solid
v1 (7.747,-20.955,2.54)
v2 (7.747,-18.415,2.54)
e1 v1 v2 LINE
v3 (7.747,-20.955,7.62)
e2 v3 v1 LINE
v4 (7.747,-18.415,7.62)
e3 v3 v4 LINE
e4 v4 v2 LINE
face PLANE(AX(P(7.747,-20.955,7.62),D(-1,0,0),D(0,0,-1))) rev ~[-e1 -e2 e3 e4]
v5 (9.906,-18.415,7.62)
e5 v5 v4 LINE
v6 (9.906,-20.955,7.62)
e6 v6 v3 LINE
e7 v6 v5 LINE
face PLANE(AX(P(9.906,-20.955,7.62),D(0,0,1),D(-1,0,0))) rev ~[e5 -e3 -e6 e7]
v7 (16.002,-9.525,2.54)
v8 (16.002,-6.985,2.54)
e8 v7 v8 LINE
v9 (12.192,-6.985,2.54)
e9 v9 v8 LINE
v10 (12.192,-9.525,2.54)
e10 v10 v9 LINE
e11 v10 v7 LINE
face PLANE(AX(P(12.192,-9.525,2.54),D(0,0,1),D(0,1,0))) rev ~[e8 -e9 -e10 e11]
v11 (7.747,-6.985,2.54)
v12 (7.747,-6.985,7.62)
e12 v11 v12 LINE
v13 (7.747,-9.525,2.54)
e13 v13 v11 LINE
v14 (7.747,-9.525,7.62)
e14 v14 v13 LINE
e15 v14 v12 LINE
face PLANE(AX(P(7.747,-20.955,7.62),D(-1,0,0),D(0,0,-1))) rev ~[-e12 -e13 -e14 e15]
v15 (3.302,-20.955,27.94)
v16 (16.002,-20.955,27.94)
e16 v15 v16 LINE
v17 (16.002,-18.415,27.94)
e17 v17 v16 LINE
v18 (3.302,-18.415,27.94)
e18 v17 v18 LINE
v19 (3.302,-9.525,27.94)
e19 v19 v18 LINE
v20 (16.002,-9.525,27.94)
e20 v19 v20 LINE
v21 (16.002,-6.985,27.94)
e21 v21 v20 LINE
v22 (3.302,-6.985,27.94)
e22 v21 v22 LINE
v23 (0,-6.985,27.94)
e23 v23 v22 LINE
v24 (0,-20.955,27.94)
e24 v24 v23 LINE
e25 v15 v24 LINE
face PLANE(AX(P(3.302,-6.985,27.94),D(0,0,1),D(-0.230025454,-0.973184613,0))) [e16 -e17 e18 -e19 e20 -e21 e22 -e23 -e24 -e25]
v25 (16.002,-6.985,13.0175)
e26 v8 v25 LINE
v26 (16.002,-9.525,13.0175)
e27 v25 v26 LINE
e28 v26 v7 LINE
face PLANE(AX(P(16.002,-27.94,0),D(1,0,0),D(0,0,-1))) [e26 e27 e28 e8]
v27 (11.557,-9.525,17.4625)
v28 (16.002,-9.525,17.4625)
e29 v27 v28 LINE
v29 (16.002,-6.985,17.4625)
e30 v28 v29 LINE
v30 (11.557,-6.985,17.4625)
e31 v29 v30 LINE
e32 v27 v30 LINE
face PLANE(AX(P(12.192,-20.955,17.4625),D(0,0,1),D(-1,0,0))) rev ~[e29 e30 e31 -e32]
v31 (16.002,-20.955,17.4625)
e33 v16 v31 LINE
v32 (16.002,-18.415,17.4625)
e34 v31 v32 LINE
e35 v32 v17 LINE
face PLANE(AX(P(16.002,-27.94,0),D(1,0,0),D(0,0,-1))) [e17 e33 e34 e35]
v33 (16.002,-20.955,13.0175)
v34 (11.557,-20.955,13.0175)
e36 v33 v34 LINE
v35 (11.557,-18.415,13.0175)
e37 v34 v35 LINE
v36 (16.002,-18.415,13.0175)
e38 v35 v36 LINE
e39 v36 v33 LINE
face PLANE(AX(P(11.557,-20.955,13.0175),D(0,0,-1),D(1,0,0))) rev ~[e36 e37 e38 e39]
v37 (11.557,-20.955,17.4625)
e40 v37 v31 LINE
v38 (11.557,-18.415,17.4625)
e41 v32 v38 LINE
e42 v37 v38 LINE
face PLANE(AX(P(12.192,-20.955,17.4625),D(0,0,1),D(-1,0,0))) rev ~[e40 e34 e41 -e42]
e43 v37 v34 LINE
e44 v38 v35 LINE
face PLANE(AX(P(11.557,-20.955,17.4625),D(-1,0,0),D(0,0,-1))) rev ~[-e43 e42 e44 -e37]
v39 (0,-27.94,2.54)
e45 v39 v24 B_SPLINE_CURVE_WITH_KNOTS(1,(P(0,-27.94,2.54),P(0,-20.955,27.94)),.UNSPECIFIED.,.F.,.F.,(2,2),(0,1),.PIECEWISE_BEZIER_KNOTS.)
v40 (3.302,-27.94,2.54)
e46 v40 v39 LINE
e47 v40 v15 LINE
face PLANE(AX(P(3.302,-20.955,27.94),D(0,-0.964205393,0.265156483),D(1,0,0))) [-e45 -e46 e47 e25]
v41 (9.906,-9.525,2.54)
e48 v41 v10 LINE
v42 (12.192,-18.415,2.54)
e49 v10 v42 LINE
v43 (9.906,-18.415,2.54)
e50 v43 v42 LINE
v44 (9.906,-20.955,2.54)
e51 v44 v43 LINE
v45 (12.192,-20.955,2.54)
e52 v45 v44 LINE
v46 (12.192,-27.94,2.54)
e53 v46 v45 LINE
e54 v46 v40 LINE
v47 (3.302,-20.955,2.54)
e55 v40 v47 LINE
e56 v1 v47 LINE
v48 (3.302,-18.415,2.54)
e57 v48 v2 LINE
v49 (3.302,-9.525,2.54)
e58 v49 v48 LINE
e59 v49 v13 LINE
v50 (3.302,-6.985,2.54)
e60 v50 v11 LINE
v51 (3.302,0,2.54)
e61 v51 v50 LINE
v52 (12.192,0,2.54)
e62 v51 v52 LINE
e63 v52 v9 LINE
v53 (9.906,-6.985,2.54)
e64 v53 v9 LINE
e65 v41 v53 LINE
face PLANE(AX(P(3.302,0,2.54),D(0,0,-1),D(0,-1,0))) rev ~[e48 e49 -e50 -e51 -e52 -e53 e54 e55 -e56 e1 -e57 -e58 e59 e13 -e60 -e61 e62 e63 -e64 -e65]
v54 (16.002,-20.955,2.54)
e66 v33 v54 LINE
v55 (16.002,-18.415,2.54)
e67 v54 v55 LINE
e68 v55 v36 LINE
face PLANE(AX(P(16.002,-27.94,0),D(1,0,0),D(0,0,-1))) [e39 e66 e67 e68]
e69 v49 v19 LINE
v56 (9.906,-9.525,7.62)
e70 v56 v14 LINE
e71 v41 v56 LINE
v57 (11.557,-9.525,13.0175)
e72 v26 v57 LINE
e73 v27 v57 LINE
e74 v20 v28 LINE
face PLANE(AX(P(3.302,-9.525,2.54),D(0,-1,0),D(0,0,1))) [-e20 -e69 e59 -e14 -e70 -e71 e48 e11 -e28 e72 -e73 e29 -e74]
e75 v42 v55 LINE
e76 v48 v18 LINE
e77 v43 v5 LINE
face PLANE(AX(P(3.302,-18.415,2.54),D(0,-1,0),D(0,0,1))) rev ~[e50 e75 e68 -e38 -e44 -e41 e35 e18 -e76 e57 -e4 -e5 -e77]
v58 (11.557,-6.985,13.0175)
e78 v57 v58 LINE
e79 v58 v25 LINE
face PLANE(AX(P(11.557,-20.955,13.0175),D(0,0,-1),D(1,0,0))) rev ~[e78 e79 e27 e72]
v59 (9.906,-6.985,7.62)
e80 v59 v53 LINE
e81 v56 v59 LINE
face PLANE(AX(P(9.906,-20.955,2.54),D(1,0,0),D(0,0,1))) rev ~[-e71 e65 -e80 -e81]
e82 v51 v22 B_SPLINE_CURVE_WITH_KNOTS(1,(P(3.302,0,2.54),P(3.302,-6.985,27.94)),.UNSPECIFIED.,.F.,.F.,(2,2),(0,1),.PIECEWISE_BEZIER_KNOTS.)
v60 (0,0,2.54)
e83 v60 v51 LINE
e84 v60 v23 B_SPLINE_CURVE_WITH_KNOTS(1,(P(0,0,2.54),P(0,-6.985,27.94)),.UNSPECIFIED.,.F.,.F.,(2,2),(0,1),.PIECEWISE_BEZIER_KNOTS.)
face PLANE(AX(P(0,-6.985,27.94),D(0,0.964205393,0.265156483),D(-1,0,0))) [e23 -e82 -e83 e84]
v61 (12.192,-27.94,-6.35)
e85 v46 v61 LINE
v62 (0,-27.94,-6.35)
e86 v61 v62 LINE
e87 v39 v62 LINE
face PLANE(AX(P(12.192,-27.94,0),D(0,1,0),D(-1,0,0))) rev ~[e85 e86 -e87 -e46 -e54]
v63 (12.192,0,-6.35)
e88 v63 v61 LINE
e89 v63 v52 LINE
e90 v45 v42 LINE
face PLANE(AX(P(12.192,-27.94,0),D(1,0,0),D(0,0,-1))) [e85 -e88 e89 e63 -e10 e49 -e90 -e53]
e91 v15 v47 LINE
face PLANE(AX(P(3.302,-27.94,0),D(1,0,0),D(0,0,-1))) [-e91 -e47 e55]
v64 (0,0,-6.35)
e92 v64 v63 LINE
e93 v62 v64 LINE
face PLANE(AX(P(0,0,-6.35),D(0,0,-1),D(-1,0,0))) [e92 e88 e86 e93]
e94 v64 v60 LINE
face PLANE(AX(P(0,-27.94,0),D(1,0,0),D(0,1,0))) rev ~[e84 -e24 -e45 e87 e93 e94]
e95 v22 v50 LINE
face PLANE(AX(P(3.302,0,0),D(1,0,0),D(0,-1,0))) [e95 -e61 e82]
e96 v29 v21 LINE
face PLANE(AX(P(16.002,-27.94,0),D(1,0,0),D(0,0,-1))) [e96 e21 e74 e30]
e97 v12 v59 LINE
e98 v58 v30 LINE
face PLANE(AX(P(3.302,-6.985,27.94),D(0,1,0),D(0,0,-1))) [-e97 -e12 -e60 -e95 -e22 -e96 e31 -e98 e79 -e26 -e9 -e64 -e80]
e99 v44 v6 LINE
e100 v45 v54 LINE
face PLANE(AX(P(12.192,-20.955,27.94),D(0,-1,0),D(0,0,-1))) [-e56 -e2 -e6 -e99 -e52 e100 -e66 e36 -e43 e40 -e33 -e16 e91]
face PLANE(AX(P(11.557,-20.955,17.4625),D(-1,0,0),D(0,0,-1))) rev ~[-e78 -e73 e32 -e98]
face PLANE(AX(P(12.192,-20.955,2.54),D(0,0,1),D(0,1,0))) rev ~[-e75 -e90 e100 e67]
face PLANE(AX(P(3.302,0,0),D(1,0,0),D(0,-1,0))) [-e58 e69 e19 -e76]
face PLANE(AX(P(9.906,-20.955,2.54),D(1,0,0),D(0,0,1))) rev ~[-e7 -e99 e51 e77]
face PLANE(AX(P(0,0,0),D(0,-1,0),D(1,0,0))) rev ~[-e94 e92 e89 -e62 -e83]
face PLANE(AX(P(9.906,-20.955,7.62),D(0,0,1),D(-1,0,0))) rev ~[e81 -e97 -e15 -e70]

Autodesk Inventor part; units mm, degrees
ref_plane "YZ Plane" through (0, 0, 0) normal (1, 0, 0) x (0, 1, 0)
ref_plane "XZ Plane" through (0, 0, 0) normal (0, 1, 0) x (-1, 0, 0)
sketch "Sketch1" plane through (0, 0, 0) normal (0, 0, 1) x (1, 0, 0)
  line L0 (0, 0) -> (3.302, 0)
  line L1 (3.302, 0) -> (3.302, -27.94)
  line L2 (3.302, -27.94) -> (0, -27.94)
  line L3 (0, -27.94) -> (0, 0)
  dimension "d0" = 3.302
  dimension "d1" = 27.94
extrude "Extrusion1" add sketch "Sketch1" along normal blind 2.54
sketch "Sketch2" plane through (0, 0, 2.54) normal (0, 0, 1) x (1, 0, 0)
  line L0 (3.302, 0) -> (0, 0) projected
  line L1 (0, 0) -> (0, -27.94) projected
  line L2 (0, -27.94) -> (3.302, -27.94) projected
  line L3 (3.302, -27.94) -> (3.302, 0) projected
ref_plane "Work Plane1" through (0, 0, 27.94) normal (0, 0, 1) x (1, 0, 0)
sketch "Sketch3" plane through (0, 0, 27.94) normal (0, 0, 1) x (1, 0, 0)
  line L0 (0, -6.985) -> (3.302, -6.985)
  line L1 (3.302, -6.985) -> (3.302, -20.955)
  line L2 (3.302, -20.955) -> (0, -20.955)
  line L3 (0, -20.955) -> (0, -6.985)
  line L4 (0, -27.94) -> (3.302, -27.94) projected
  line L5 (0, 0) -> (0, -27.94) projected
  dimension "d5" = 3.302
  dimension "d6" = 13.97
  dimension "d7" = 6.985
  dimension "d8" = 0
loft "Loft1" add profiles "Sketch2", "Sketch3"
sketch "Sketch4" plane through (3.302, -27.94, 0) normal (1, 0, 0) x (0, 0, -1)
  line L0 (0, 0) -> (0, 27.94) projected
  line L1 (-2.54, 0) -> (-27.94, 6.985) projected
  line L2 (0, 27.94) -> (-2.54, 27.94)
  line L3 (-2.54, 27.94) -> (-2.54, 0)
  line L4 (-2.54, 0) -> (0, 0)
  line L5 (0, 0) -> (0, 27.94)
  line L6 (-2.54, 27.94) -> (-27.94, 20.955) projected
  line L7 (-27.94, 20.955) -> (-2.54, 20.955)
  line L8 (-2.54, 20.955) -> (-2.54, 18.415)
  line L9 (-2.54, 18.415) -> (-27.94, 18.415)
  line L10 (-27.94, 18.415) -> (-27.94, 20.955)
  line L11 (-27.94, 6.985) -> (-2.54, 6.985)
  line L12 (-2.54, 6.985) -> (-2.54, 9.525)
  line L13 (-2.54, 9.525) -> (-27.94, 9.525)
  line L14 (-27.94, 9.525) -> (-27.94, 6.985)
  dimension "d13" = 2.54
  dimension "d14" = 2.54
extrude "Extrusion2" add sketch "Sketch4" along normal blind 8.89 contours L4 L3 L2 L0 | L1 L11 L3 | L14 L13 L3 L11 | L3 L9 L10 L7
sketch "Sketch5" plane through (12.192, -27.94, 0) normal (1, 0, 0) x (0, 0, -1)
  line L0 (-27.94, 20.955) -> (-27.94, 6.985) projected
  line L1 (-27.94, 6.985) -> (-2.54, 6.985)
  line L2 (0, 0) -> (-2.54, 0) projected
  line L3 (-2.54, 0) -> (-2.54, 6.985)
  line L4 (-2.54, 0) -> (-27.94, 6.985) projected
  line L5 (-2.54, 0) -> (-27.94, 6.985)
  point P0 (0, 27.94)
extrude "Extrusion3" cut sketch "Sketch5" against normal blind 8.89
sketch "Sketch6" plane through (12.192, -20.955, 2.54) normal (0, -1, 0) x (1, 0, 0)
  line L0 (-2.286, 5.08) -> (-4.445, 5.08)
  line L1 (-4.445, 5.08) -> (-4.445, 0)
  line L2 (-4.445, 0) -> (-2.286, 0)
  line L3 (-2.286, 0) -> (-2.286, 5.08)
  line L4 (-8.89, 0) -> (0, 0) projected
  line L5 (0, 25.4) -> (0, 0) projected
  point P0 (-12.192, -2.54)
  dimension "d19" = 0
  dimension "d20" = 5.08
  dimension "d21" = 2.286
  dimension "d22" = 2.159
extrude "Extrusion4" cut sketch "Sketch6" against normal blind 25.4
sketch "Sketch7" plane through (12.192, -20.955, 2.54) normal (0, -1, 0) x (1, 0, 0)
  line L0 (0, 14.9225) -> (-0.635, 14.9225)
  line L1 (-0.635, 14.9225) -> (-0.635, 10.4775)
  line L2 (-0.635, 10.4775) -> (0, 10.4775)
  line L3 (0, 10.4775) -> (0, 14.9225)
  line L4 (0, 25.4) -> (0, 0) projected
  line L5 (-8.89, 25.4) -> (0, 25.4) projected
  point P0 (-12.192, -2.54)
  dimension "d25" = 0.635
  dimension "d26" = 4.445
  dimension "d27" = 0
  dimension "d28" = 10.4775
extrude "Extrusion5" cut sketch "Sketch7" against normal blind 25.4
sketch "Sketch8" plane through (12.192, -27.94, 0) normal (1, 0, 0) x (0, 0, -1)
  line L0 (-2.54, 18.415) -> (-2.54, 20.955) projected
  line L1 (-13.0175, 20.955) -> (-13.0175, 18.415) projected
  line L2 (-2.54, 20.955) -> (-13.0175, 20.955)
  line L3 (-13.0175, 20.955) -> (-13.0175, 18.415)
  line L4 (-13.0175, 18.415) -> (-2.54, 18.415)
  line L5 (-2.54, 18.415) -> (-2.54, 20.955)
  line L6 (-2.54, 9.525) -> (-13.0175, 9.525) projected
  line L7 (-27.94, 6.985) -> (-2.54, 6.985) projected
  line L8 (-2.54, 9.525) -> (-13.0175, 9.525)
  line L9 (-13.0175, 9.525) -> (-13.0175, 6.985)
  line L10 (-13.0175, 6.985) -> (-2.54, 6.985)
  line L11 (-2.54, 6.985) -> (-2.54, 9.525)
  line L12 (-17.4625, 20.955) -> (-13.0175, 20.955) projected
  line L13 (-27.94, 9.525) -> (-27.94, 18.415) projected
  line L14 (-17.4625, 20.955) -> (-27.94, 20.955)
  line L15 (-27.94, 20.955) -> (-27.94, 18.415)
  line L16 (-27.94, 18.415) -> (-17.4625, 18.415)
  line L17 (-17.4625, 18.415) -> (-17.4625, 20.955)
  line L18 (-17.4625, 6.985) -> (-17.4625, 9.525) projected
  line L19 (-17.4625, 9.525) -> (-27.94, 9.525)
  line L20 (-27.94, 9.525) -> (-27.94, 6.985)
  line L21 (-27.94, 6.985) -> (-17.4625, 6.985)
  line L22 (-17.4625, 6.985) -> (-17.4625, 9.525)
  point P0 (0, 27.94)
extrude "Extrusion6" add sketch "Sketch8" along normal blind 3.81
sketch "Sketch9" plane through (0, 0, 0) normal (0, 0, -1) x (-1, 0, 0)
  point P0 (0, 0)
sketch "Sketch10" plane through (0, 0, 0) normal (0, 0, -1) x (-1, 0, 0)
  line L0 (-12.192, -27.94) -> (0, -27.94) projected
  line L1 (0, -27.94) -> (0, 0) projected
  line L2 (-12.192, -27.94) -> (0, -27.94)
  line L3 (0, -27.94) -> (0, 0)
  line L4 (0, 0) -> (-12.192, 0)
  line L5 (-12.192, 0) -> (-12.192, -27.94)
extrude "Extrusion7" add sketch "Sketch10" along normal blind 6.35
sketch "Sketch13" plane through (12.192, -27.94, 0) normal (1, 0, 0) x (0, 0, -1)
  point P0 (0, 27.94)
sketch "Sketch14" plane through (12.192, -27.94, 0) normal (1, 0, 0) x (0, 0, -1)
  point P0 (0, 27.94)
sketch "Sketch15" plane through (12.192, -27.94, 0) normal (1, 0, 0) x (0, 0, -1)
  circle A0 centre (1.905, 13.97) radius 2.54
  line L0 (6.35, 27.94) -> (6.35, 0) projected
  line L1 (-2.54, 27.94) -> (6.35, 27.94) projected
  point P0 (0, 27.94)
  dimension "d41" = 5.08
  dimension "d42" = 4.445
  dimension "d43" = 13.97
extrude "Extrusion9" cut sketch "Sketch15" against normal blind 254
sketch "Sketch17" plane through (12.192, -27.94, 0) normal (1, 0, 0) x (0, 0, -1)
  circle A0 centre (1.905, 13.97) radius 2.54 projected
  circle A1 centre (1.905, 13.97) radius 2.54
  point P0 (0, 27.94)
extrude "Extrusion10" add sketch "Sketch17" against normal blind 12.192
properties part number "Talon for encoder"
